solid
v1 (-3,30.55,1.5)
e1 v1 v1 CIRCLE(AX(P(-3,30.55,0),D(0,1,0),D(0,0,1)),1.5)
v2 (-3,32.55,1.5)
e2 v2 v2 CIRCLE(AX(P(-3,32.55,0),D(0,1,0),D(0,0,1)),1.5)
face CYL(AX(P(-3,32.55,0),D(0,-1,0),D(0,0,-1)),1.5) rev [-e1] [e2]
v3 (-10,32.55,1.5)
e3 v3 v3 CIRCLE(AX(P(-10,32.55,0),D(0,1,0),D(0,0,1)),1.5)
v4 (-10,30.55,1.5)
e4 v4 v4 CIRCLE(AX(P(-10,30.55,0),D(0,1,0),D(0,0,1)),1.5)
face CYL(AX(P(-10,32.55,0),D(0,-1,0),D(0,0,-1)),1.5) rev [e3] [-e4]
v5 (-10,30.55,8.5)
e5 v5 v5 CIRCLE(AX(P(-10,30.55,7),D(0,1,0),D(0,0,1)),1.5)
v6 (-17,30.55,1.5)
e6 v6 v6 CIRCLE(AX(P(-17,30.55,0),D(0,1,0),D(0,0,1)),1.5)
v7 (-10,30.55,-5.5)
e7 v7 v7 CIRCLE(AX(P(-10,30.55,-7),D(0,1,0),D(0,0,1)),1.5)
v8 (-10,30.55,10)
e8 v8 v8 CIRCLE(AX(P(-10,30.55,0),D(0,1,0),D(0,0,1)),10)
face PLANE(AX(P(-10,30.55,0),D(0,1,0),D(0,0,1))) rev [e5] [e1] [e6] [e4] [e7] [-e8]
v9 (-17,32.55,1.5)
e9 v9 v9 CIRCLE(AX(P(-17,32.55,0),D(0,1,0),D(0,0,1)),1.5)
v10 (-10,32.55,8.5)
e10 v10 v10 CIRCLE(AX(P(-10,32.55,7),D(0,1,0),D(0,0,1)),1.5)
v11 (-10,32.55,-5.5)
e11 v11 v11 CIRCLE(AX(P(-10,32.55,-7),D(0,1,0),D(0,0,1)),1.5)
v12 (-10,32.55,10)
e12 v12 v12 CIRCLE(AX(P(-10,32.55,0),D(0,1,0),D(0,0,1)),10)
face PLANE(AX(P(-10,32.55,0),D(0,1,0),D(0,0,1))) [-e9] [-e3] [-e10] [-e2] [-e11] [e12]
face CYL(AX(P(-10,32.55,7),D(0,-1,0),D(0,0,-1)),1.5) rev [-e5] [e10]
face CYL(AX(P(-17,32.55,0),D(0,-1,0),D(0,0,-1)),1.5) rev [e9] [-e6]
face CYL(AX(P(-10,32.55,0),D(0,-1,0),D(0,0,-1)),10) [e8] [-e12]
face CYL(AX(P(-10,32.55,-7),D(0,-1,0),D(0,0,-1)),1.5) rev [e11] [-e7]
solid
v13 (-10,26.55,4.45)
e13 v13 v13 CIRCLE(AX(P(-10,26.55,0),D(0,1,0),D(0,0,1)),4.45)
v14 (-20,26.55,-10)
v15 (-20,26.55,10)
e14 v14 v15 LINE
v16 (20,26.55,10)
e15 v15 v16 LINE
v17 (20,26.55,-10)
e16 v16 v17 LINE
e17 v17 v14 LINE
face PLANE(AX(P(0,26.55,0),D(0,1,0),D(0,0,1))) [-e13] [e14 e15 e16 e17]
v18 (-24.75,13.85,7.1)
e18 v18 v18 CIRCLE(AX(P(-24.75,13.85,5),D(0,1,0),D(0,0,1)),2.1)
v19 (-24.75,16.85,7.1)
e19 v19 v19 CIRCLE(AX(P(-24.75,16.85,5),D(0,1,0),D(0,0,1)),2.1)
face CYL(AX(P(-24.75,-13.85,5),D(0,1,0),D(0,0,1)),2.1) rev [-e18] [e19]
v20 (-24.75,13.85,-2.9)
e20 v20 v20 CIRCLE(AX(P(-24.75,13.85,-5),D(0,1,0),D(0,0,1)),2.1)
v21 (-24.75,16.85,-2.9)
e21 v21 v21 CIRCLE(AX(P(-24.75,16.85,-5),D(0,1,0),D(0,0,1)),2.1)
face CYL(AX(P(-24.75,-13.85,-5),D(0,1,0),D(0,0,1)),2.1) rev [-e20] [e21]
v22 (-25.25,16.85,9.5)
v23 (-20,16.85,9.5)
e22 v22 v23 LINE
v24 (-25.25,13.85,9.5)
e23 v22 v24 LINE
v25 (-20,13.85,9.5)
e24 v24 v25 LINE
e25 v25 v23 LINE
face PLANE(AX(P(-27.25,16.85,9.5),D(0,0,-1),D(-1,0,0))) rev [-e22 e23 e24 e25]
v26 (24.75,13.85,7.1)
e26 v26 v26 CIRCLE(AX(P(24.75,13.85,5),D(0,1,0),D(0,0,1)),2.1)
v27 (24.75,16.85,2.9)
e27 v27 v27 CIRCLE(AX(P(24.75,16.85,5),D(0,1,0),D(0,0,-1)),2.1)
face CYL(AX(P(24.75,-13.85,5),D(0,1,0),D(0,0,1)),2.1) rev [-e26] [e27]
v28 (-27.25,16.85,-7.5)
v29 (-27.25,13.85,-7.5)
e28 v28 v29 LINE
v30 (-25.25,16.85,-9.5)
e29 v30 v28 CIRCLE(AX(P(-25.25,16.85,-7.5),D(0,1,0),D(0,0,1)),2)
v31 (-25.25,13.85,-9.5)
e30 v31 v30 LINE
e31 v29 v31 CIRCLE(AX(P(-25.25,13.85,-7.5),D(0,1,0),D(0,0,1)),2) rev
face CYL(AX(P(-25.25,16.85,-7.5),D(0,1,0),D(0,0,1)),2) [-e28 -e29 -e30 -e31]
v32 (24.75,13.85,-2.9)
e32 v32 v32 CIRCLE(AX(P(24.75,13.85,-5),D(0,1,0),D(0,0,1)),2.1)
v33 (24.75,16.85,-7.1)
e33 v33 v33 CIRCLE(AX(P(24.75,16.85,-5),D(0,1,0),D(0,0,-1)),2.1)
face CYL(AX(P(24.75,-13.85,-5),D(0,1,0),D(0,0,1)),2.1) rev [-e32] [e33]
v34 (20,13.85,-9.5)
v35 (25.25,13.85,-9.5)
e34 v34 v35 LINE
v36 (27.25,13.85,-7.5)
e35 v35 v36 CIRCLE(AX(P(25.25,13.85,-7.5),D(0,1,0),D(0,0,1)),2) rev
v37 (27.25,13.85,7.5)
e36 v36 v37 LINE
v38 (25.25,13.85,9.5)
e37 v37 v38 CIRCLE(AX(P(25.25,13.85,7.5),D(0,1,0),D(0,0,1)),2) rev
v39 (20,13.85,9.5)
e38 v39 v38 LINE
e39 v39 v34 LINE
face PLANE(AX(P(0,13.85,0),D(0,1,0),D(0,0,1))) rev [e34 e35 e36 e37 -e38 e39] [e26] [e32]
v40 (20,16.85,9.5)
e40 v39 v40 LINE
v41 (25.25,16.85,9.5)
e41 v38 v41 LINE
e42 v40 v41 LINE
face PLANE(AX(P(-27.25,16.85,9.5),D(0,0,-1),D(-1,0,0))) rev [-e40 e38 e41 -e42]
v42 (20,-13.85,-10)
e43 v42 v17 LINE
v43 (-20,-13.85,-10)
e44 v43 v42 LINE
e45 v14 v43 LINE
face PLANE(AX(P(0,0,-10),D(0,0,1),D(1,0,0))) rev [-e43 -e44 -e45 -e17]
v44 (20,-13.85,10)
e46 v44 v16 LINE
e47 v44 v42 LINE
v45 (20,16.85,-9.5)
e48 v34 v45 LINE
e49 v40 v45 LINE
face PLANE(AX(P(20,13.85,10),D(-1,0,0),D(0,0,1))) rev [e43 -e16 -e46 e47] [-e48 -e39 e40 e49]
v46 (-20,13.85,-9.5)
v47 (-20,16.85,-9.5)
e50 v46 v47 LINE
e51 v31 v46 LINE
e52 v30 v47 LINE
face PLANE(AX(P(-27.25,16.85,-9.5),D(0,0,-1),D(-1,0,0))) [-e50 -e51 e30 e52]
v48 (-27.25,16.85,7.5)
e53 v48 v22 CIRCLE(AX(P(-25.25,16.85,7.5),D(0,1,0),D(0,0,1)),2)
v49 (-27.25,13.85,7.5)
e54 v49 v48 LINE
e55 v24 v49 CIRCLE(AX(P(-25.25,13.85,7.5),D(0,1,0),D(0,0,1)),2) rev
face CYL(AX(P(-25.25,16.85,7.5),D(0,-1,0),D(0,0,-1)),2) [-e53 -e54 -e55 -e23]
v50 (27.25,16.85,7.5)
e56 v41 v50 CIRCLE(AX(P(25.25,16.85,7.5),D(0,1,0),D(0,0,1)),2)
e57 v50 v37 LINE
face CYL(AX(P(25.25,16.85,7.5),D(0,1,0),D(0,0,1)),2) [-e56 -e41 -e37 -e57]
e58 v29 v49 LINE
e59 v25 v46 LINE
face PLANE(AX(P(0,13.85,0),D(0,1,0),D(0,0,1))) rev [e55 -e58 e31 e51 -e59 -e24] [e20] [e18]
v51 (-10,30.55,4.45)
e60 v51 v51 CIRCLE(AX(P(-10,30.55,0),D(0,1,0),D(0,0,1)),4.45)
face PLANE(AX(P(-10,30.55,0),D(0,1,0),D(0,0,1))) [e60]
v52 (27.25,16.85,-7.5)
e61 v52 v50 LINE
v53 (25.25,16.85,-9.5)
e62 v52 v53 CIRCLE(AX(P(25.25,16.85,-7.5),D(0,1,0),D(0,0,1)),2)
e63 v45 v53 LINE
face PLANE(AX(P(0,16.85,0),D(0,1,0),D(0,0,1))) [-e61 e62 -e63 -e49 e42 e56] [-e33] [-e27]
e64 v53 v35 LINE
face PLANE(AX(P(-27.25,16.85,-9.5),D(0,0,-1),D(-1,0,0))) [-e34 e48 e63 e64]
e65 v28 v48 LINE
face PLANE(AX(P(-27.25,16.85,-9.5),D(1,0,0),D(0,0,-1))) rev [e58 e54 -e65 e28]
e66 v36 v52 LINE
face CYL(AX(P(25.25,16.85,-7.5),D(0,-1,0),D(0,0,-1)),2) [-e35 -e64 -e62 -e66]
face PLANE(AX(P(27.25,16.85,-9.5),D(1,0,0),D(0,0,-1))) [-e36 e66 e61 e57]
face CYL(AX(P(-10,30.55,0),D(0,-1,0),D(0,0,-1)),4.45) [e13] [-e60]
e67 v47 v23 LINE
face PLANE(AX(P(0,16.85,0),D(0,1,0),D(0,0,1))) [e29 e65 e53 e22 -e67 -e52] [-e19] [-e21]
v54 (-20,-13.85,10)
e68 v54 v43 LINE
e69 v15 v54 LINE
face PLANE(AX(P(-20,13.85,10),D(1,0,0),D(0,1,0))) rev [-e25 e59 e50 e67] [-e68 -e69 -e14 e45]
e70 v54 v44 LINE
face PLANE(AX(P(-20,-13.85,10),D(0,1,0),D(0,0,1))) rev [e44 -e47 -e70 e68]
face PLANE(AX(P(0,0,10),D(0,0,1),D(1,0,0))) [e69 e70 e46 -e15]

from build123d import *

# Parameters (mm, degrees)
SKETCH_1_W          = 40
SKETCH_1_H          = 27.7
EXTRUDE_1_DEPTH     = 10
SKETCH_3_W          = 54.5
SKETCH_3_H          = 19
SKETCH_3_W_2        = 40
SKETCH_3_H_2        = 20
EXTRUDE_2_DEPTH     = 3
FILLET_1_R          = 2
SKETCH_4_W          = 40
SKETCH_4_H          = 20
EXTRUDE_3_DEPTH     = 9.7
SKETCH_5_R          = 2.1
CUT_EXTRUDE_1_DEPTH = 43.249881657
SKETCH_6_R          = 4.45
EXTRUDE_4_DEPTH     = 4
SKETCH_8_R          = 10
SKETCH_8_R_2        = 1.5
EXTRUDE_5_DEPTH     = 2


with BuildPart() as part:
    # 草图1 → 凸台-拉伸1 (new, symmetric)
    with BuildSketch(Plane.XY):
        Rectangle(SKETCH_1_W, SKETCH_1_H)
    extrude(amount=EXTRUDE_1_DEPTH, both=True)

    # 草图3 → 凸台-拉伸2 (add)
    with BuildSketch(Plane(origin=(0, 13.85, 0), x_dir=(1, 0, 0), z_dir=(0, 1, 0))):
        Rectangle(SKETCH_3_W, SKETCH_3_H)
        Rectangle(SKETCH_3_W_2, SKETCH_3_H_2)
    extrude(amount=EXTRUDE_2_DEPTH)

    # 圆角1
    fillet_1_edges = [part.edges().sort_by_distance(p)[0] for p in [
        (27.25, 15.35, 9.5),
        (27.25, 15.35, -9.5),
        (-27.25, 15.35, -9.5),
        (-27.25, 15.35, 9.5),
    ]]
    fillet(fillet_1_edges, radius=FILLET_1_R)

    # 草图4 → 凸台-拉伸3 (add)
    with BuildSketch(Plane(origin=(0, 16.85, 0), x_dir=(1, 0, 0), z_dir=(0, 1, 0))):
        Rectangle(SKETCH_4_W, SKETCH_4_H)
    extrude(amount=EXTRUDE_3_DEPTH)

    # 草图5 → 切除-拉伸1 (cut, through all)
    with BuildSketch(Plane(origin=(0, 16.85, 0), x_dir=(1, 0, 0), z_dir=(0, 1, 0))):
        with Locations(Location((-24.75, 5, 0), (0, 0, 270))):
            Circle(SKETCH_5_R)
        with Locations(Location((-24.75, -5, 0), (0, 0, 270))):
            Circle(SKETCH_5_R)
        with Locations(Location((24.75, -5, 0), (0, 0, 270))):
            Circle(SKETCH_5_R)
        with Locations(Location((24.75, 5, 0), (0, 0, 270))):
            Circle(SKETCH_5_R)
    extrude(amount=-CUT_EXTRUDE_1_DEPTH, mode=Mode.SUBTRACT)

    # 草图6 → 凸台-拉伸4 (add)
    with BuildSketch(Plane(origin=(0, 26.55, 0), x_dir=(1, 0, 0), z_dir=(0, 1, 0))):
        with Locations(Location((-10, 0, 0), (0, 0, 270))):
            Circle(SKETCH_6_R)
    extrude(amount=EXTRUDE_4_DEPTH)


with BuildPart() as body_2:
    # 草图8 → 凸台-拉伸5 (new body)
    with BuildSketch(Plane(origin=(0, 30.55, 0), x_dir=(1, 0, 0), z_dir=(0, 1, 0))):
        with Locations(Location((-10, 0, 0), (0, 0, 270))):
            Circle(SKETCH_8_R)
        with Locations(Location((-10, 7, 0), (0, 0, 270))):
            Circle(SKETCH_8_R_2, mode=Mode.SUBTRACT)
        with Locations(Location((-3, 0, 0), (0, 0, 270))):
            Circle(SKETCH_8_R_2, mode=Mode.SUBTRACT)
        with Locations(Location((-10, -7, 0), (0, 0, 270))):
            Circle(SKETCH_8_R_2, mode=Mode.SUBTRACT)
        with Locations(Location((-17, 0, 0), (0, 0, 270))):
            Circle(SKETCH_8_R_2, mode=Mode.SUBTRACT)
        with Locations(Location((-10, 0, 0), (0, 0, 270))):
            Circle(SKETCH_8_R_2, mode=Mode.SUBTRACT)
    extrude(amount=EXTRUDE_5_DEPTH)


solid = Compound([part.part, body_2.part])
